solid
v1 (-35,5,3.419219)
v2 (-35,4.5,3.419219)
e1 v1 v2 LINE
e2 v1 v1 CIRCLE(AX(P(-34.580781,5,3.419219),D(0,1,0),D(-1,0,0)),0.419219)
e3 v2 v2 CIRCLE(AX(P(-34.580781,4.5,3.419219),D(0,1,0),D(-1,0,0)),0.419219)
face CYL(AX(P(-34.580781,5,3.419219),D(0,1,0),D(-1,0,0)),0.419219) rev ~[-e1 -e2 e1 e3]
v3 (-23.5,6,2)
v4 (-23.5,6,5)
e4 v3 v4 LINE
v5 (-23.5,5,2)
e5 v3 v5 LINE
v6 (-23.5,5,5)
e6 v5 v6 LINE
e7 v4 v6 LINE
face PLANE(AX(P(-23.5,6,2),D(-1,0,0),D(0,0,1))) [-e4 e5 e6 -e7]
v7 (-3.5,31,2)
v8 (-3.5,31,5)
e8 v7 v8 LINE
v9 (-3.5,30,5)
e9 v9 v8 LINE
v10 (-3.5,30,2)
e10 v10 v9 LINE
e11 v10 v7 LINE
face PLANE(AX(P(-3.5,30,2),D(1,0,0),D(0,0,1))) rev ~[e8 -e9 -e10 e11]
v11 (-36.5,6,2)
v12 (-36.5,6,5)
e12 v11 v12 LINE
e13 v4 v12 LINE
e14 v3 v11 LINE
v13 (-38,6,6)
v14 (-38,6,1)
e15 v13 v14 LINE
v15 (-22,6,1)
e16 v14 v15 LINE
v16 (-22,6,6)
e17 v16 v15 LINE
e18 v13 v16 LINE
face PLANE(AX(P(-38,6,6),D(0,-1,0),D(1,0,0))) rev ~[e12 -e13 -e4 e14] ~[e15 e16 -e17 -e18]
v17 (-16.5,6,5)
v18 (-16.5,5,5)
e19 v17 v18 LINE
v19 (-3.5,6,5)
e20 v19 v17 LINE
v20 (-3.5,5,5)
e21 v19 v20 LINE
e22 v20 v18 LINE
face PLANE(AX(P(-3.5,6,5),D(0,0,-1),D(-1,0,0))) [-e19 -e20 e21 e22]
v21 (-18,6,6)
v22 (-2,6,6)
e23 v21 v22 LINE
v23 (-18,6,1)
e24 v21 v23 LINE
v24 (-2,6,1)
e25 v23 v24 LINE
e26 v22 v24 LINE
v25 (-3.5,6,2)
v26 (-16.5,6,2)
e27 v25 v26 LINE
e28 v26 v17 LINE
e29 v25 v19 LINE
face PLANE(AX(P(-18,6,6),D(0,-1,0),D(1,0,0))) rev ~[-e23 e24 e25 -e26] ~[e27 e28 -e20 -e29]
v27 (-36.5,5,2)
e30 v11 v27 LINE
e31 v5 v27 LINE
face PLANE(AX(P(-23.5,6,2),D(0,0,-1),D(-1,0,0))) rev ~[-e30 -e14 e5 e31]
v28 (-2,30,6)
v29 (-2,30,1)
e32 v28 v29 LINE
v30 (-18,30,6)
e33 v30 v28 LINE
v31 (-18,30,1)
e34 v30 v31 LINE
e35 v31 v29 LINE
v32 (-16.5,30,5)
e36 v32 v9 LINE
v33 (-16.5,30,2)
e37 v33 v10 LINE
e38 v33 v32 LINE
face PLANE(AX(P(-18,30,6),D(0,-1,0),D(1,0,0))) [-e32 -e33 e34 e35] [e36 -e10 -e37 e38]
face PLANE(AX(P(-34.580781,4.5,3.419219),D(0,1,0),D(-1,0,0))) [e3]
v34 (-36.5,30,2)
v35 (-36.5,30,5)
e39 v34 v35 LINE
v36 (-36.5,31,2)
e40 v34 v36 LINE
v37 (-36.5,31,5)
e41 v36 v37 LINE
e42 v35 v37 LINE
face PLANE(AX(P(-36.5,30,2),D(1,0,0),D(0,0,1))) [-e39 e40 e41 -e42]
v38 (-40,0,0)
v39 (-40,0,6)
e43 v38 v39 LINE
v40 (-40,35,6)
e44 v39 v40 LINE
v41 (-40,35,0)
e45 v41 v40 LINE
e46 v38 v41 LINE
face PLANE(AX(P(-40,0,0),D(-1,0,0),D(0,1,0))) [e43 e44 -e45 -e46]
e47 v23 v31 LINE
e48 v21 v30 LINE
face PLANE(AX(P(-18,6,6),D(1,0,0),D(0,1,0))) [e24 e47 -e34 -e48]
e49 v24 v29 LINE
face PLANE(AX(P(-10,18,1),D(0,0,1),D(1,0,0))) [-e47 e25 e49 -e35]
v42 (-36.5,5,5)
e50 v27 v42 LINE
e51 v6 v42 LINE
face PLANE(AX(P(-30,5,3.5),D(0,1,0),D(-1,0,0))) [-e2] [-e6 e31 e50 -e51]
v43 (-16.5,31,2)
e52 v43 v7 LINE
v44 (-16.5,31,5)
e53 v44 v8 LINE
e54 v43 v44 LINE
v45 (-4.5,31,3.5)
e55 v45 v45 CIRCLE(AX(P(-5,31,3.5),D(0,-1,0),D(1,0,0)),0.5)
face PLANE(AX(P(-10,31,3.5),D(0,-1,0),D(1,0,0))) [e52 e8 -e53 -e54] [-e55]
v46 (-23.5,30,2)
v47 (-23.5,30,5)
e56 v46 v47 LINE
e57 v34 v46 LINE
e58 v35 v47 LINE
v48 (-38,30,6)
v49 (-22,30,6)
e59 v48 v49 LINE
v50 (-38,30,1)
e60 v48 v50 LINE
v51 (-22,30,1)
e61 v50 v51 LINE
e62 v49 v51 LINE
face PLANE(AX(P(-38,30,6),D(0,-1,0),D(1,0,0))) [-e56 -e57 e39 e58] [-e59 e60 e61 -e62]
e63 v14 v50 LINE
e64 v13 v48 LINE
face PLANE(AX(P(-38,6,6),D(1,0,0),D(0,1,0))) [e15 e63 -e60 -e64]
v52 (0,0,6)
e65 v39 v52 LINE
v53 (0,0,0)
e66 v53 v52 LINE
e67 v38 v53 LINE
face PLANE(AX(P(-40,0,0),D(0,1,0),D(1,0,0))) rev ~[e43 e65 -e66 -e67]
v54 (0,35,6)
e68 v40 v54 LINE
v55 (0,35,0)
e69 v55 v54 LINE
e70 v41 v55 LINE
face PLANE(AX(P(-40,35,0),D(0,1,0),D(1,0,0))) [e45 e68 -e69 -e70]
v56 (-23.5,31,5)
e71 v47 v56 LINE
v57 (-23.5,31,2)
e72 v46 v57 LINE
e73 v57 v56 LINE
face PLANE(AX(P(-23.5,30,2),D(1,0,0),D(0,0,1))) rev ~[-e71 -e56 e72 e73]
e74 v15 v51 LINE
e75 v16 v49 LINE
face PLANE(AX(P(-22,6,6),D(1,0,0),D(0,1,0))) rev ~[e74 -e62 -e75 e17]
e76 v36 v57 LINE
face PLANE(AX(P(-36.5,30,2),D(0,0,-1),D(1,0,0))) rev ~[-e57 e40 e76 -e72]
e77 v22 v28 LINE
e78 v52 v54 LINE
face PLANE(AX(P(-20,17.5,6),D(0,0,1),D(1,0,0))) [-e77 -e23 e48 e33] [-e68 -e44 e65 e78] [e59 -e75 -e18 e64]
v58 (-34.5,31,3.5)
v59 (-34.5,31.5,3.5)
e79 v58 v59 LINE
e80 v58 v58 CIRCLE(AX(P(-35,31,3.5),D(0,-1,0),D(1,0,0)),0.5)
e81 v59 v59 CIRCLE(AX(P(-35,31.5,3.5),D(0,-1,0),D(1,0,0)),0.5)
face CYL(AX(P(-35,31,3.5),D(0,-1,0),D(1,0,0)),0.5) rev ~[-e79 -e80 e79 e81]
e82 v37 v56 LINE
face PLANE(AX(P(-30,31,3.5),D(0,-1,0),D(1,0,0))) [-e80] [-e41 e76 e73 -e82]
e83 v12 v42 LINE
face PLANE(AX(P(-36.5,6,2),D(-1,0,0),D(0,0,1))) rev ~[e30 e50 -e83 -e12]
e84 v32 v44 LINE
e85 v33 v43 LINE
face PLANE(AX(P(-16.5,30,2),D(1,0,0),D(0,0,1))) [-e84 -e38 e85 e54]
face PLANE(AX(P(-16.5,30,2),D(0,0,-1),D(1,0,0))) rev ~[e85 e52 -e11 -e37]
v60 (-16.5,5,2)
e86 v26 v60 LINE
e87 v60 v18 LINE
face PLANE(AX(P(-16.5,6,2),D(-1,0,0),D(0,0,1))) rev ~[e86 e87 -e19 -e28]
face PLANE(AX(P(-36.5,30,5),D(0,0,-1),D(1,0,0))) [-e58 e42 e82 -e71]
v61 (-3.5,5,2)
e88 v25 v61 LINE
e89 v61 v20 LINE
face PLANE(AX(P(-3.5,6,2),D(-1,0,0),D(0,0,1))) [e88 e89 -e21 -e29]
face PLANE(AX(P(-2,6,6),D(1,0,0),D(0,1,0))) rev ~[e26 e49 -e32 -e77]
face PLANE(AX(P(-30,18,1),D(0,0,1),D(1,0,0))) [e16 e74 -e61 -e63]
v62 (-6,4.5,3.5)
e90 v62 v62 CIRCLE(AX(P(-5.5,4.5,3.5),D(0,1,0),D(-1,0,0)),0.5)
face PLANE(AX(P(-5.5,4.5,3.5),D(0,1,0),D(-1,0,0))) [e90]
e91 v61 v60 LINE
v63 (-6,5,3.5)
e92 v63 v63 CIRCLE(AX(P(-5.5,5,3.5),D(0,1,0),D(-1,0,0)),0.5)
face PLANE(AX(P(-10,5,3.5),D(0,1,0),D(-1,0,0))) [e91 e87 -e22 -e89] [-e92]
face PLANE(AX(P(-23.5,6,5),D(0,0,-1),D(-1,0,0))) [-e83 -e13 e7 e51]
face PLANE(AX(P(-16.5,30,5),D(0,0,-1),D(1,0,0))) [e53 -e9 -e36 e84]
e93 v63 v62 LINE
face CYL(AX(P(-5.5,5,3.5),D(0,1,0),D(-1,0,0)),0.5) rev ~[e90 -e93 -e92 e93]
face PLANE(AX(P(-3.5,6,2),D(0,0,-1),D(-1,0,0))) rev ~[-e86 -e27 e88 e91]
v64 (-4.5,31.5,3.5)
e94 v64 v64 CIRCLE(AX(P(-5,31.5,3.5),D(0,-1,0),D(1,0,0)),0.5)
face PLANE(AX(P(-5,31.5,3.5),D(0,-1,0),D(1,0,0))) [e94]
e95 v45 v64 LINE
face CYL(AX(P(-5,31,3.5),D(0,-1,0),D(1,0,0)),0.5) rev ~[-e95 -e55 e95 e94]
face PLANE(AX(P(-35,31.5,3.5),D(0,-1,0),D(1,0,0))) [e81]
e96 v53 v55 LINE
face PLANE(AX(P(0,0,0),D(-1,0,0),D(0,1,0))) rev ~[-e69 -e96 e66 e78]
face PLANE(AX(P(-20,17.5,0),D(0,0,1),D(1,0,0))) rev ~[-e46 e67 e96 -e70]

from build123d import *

# Parameters (mm, degrees)
F0_W          = 40
F0_H          = 35
F1_DEPTH      = 6
F2_W          = 16
F2_H          = 24
F3_DEPTH      = 5
F4_W          = 13
F4_H          = 3
F5_DEPTH      = 1
F5_DEPTH_BACK = 2
F6_R          = 0.5
F7_DEPTH      = 0.5
F8_W          = 13
F8_H          = 3
F9_DEPTH      = 1
F9_DEPTH_BACK = 1
F10_R         = 0.5
F10_R_2       = 0.4192188994
F11_DEPTH     = 0.5


with BuildPart() as f1:
    # F0 (on Top) → F1 (new body)
    with BuildSketch(Plane.XY):
        with Locations((-20, 17.5)):
            Rectangle(F0_W, F0_H)
    extrude(amount=F1_DEPTH)

    # F2 (on face) → F3 (cut)
    with BuildSketch(Plane.XY.offset(6)):
        with Locations((-30, 18)):
            Rectangle(F2_W, F2_H)
        with Locations((-10, 18)):
            Rectangle(F2_W, F2_H)
    extrude(amount=-F3_DEPTH, mode=Mode.SUBTRACT)

    # F4 (on face) → F5 (cut, two sides)
    with BuildSketch(Plane.XZ.offset(-30)) as f5_sk:
        with Locations((-30, 3.5)):
            Rectangle(F4_W, F4_H)
        with Locations((-10, 3.5)):
            Rectangle(F4_W, F4_H)
    extrude(amount=-F5_DEPTH, mode=Mode.SUBTRACT)
    extrude(f5_sk.sketch, amount=F5_DEPTH_BACK, mode=Mode.SUBTRACT)

    # F6 (on face) → F7 (cut)
    with BuildSketch(Plane.XZ.offset(-31)):
        with Locations((-35, 3.5)):
            Circle(F6_R)
        with Locations((-5, 3.5)):
            Circle(F6_R)
    extrude(amount=-F7_DEPTH, mode=Mode.SUBTRACT)

    # F8 (on face) → F9 (cut, two sides)
    with BuildSketch(Plane(origin=(0, 6, 0), x_dir=(-1, 0, 0), z_dir=(0, 1, 0))) as f9_sk:
        with Locations((10, 3.5)):
            Rectangle(F8_W, F8_H)
        with Locations((30, 3.5)):
            Rectangle(F8_W, F8_H)
    extrude(amount=-F9_DEPTH, mode=Mode.SUBTRACT)
    extrude(f9_sk.sketch, amount=F9_DEPTH_BACK, mode=Mode.SUBTRACT)

    # F10 (on face) → F11 (cut)
    with BuildSketch(Plane(origin=(0, 5, 0), x_dir=(-1, 0, 0), z_dir=(0, 1, 0))):
        with Locations((5.5, 3.5)):
            Circle(F10_R)
        with Locations((34.5807811006, 3.4192188994)):
            Circle(F10_R_2)
    extrude(amount=-F11_DEPTH, mode=Mode.SUBTRACT)


solid = f1.part
